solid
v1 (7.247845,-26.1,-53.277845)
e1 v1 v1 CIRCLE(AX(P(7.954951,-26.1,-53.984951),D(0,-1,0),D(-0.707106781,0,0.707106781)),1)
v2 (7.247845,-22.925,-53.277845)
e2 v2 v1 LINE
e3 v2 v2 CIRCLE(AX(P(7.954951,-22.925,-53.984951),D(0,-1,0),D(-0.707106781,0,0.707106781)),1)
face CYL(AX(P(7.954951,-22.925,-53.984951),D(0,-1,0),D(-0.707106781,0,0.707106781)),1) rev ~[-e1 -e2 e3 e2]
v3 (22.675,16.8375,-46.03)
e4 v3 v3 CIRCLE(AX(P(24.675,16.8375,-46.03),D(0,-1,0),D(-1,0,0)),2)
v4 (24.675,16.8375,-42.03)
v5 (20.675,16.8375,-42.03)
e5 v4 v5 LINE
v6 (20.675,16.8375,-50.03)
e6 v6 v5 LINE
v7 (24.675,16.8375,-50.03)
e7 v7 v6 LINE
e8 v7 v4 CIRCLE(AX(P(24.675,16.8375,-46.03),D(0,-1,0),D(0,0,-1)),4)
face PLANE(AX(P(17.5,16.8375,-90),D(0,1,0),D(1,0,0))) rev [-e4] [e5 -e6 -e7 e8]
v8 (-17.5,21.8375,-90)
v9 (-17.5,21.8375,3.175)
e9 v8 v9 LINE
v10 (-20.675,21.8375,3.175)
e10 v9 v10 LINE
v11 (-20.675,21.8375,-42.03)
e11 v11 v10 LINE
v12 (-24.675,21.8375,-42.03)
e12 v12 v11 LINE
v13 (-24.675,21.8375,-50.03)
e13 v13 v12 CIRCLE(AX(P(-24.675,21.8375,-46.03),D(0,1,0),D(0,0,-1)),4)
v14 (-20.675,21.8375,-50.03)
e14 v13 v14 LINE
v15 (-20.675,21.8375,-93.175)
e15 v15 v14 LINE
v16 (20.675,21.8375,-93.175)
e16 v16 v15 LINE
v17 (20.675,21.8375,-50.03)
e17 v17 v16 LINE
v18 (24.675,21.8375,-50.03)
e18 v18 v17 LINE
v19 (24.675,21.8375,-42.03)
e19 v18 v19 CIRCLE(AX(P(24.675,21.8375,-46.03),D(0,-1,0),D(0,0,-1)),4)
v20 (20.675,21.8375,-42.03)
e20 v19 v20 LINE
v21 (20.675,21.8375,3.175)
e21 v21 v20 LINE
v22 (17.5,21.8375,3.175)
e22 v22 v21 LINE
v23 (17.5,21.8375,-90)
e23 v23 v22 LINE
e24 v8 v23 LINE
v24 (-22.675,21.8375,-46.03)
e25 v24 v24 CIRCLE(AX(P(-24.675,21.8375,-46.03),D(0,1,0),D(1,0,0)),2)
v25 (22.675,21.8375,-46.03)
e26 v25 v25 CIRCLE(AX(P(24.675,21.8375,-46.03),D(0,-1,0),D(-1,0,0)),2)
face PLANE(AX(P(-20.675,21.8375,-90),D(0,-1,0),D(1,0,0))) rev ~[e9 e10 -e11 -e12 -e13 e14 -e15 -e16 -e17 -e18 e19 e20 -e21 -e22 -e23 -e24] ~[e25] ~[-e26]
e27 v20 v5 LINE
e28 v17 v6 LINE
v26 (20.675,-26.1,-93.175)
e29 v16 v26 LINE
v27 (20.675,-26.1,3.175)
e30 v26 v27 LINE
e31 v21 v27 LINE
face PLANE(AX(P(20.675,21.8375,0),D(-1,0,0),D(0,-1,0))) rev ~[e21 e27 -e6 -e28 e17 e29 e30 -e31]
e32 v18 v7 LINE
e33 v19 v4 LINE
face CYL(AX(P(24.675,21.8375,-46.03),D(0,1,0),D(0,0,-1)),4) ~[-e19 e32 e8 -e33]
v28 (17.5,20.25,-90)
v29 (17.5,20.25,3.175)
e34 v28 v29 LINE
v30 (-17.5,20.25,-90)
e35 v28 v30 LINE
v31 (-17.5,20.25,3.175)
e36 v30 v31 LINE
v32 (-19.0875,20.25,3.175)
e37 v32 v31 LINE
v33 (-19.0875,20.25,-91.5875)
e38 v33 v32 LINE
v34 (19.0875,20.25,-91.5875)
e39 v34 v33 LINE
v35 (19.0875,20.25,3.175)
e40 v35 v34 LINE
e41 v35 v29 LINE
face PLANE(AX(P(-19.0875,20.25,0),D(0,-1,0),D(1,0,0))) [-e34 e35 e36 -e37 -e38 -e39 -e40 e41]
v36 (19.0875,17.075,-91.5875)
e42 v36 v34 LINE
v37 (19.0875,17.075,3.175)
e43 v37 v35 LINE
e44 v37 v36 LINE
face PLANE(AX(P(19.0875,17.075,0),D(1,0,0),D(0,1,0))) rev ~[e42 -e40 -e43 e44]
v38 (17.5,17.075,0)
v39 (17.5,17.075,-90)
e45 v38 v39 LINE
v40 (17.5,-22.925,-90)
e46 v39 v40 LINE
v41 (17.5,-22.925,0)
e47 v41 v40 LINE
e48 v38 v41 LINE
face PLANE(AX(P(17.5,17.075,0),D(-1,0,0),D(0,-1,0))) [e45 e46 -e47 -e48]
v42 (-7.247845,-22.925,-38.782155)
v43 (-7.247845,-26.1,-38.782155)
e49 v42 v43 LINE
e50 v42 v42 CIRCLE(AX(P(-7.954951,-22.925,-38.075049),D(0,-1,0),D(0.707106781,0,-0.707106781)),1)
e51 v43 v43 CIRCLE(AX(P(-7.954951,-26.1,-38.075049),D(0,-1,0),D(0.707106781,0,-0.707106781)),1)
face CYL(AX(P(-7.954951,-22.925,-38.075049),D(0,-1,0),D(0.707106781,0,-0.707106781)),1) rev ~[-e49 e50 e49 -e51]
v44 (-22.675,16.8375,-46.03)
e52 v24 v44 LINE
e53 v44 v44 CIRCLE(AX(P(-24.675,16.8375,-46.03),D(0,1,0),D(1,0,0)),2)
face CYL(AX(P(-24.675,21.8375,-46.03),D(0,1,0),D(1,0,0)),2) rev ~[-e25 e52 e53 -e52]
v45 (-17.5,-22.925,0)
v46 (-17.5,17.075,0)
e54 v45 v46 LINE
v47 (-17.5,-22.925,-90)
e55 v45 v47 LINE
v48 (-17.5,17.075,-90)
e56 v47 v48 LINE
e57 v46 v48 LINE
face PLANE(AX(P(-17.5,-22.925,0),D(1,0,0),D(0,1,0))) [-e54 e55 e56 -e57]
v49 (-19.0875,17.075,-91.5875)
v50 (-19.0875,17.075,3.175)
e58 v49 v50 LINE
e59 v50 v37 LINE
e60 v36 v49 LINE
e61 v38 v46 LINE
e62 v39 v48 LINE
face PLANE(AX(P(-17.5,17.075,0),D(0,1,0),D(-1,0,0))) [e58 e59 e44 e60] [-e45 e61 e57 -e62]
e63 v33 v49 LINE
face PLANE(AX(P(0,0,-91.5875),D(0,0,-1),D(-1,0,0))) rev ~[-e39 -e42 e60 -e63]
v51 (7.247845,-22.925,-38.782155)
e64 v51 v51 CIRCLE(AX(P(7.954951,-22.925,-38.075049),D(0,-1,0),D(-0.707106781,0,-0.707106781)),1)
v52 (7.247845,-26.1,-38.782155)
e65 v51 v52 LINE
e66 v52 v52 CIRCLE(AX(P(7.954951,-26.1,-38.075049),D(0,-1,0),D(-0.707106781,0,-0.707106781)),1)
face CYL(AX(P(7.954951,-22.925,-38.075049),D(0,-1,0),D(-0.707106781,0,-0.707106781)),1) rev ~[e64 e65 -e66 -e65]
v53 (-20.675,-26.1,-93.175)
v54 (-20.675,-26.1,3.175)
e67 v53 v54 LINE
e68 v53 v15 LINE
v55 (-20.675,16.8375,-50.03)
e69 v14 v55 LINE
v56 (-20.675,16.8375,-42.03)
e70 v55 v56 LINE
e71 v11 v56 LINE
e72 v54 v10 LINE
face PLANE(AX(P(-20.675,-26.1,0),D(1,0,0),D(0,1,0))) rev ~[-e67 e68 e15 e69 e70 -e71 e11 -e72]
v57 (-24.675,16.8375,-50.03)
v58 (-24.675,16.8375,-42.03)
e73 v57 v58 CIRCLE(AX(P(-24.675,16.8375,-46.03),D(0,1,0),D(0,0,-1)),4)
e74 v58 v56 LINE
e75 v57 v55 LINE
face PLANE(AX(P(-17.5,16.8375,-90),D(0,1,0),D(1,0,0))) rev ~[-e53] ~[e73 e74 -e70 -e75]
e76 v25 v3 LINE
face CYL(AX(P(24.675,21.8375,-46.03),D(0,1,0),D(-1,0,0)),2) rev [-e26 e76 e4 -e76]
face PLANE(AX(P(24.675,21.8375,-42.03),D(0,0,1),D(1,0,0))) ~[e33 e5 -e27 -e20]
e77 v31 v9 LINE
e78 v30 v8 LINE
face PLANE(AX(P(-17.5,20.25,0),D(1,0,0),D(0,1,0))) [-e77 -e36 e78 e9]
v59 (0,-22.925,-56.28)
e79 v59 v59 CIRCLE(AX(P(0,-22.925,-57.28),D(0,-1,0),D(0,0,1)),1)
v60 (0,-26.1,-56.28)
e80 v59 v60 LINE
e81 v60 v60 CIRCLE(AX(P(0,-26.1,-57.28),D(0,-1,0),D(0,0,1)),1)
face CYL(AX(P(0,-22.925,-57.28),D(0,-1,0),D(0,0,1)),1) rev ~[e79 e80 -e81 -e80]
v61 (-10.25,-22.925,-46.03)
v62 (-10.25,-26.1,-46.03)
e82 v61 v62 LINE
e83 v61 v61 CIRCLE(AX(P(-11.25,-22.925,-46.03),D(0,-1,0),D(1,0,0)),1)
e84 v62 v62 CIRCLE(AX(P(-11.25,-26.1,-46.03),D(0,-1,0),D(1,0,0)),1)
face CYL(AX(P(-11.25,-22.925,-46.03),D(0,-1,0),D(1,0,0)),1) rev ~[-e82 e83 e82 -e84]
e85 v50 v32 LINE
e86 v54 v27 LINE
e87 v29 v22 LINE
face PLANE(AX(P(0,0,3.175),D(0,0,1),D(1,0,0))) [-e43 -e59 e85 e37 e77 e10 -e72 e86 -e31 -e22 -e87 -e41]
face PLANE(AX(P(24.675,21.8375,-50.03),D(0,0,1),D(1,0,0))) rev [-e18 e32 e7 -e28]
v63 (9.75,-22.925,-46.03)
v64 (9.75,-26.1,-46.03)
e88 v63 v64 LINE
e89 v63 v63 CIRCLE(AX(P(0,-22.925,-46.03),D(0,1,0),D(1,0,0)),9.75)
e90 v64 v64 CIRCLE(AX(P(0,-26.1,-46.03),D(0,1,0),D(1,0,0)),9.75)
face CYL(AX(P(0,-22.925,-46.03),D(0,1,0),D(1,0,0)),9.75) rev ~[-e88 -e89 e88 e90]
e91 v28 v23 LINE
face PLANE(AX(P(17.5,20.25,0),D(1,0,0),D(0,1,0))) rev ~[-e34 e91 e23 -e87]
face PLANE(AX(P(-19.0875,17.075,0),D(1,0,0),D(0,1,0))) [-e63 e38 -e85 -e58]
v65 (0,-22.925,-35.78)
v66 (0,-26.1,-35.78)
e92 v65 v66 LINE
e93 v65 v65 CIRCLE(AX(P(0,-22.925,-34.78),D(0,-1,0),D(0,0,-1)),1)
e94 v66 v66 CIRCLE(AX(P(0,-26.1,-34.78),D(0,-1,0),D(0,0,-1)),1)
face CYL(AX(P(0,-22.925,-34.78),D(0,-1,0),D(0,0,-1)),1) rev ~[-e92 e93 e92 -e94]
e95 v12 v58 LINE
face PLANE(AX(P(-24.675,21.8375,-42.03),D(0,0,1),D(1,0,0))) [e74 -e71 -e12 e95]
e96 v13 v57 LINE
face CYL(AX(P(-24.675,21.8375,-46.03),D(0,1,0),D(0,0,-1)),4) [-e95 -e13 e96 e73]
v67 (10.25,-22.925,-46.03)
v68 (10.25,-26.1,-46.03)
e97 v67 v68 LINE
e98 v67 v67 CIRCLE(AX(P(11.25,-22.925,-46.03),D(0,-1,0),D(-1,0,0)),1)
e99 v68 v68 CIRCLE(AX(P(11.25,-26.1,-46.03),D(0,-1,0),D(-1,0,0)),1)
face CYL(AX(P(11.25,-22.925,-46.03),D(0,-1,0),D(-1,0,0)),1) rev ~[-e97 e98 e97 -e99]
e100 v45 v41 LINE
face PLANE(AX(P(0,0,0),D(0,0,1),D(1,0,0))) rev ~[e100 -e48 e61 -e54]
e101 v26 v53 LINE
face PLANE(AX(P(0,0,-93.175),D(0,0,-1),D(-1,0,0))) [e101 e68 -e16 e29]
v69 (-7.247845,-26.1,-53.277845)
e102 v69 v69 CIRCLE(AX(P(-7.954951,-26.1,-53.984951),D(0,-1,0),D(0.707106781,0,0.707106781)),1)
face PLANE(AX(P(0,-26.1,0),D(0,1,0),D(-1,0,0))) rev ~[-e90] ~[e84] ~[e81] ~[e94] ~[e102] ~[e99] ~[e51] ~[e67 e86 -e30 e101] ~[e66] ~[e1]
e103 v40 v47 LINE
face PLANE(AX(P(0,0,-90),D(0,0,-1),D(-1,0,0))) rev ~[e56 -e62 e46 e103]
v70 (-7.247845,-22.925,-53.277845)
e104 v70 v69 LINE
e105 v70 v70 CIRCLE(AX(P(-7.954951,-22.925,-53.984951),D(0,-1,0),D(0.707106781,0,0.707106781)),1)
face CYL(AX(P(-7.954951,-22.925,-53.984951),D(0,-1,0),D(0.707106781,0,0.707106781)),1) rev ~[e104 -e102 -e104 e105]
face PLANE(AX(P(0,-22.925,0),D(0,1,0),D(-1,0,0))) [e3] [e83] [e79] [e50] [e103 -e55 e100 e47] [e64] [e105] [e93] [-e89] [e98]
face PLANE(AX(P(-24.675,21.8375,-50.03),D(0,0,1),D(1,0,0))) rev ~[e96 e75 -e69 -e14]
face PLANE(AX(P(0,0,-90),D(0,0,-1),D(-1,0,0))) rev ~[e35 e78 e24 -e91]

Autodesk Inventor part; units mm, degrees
ref_plane "YZ Plane" through (0, 0, 0) normal (1, 0, 0) x (0, 1, 0)
sketch "Sketch1" plane through (0, 0, 0) normal (0, 0, 1) x (1, 0, 0)
  circle A0 centre (0, 0) radius 14.925 construction
  line L0 (-5.7359, -22.925) -> (4.2584, -22.925) construction
  line L1 (0, -14.925) -> (3.9694, -14.925) construction
  line L2 (-17.5, 17.075) -> (17.5, 17.075)
  line L3 (17.5, 17.075) -> (17.5, -22.925)
  line L4 (17.5, -22.925) -> (-17.5, -22.925)
  line L5 (-17.5, -22.925) -> (-17.5, 17.075)
  line L6 (0, 31.425) -> (0, -35.6875) projected
  line L7 (20.675, 21.8375) -> (20.675, -26.1)
  line L8 (20.675, -26.1) -> (-20.675, -26.1)
  line L9 (-20.675, -26.1) -> (-20.675, 21.8375)
  line L10 (-17.5, 17.075) -> (-19.0875, 17.075)
  line L11 (-19.0875, 17.075) -> (-19.0875, 20.25)
  line L12 (17.5, 17.075) -> (19.0875, 17.075)
  line L13 (19.0875, 17.075) -> (19.0875, 20.25)
  line L14 (17.5, 20.25) -> (17.5, 21.8375)
  line L15 (-17.5, 20.25) -> (-17.5, 21.8375)
  line L16 (-19.0875, 20.25) -> (-17.5, 20.25)
  line L17 (-17.5, 21.8375) -> (-20.675, 21.8375)
  line L18 (19.0875, 20.25) -> (17.5, 20.25)
  line L19 (17.5, 21.8375) -> (20.675, 21.8375)
  line L20 (-17.5, 21.8375) -> (17.5, 21.8375)
  dimension "d0" = 29.85
  dimension "d1" = 8
  dimension "d2" = 40
  dimension "d3" = 35
  dimension "d5" = 3.175
  dimension "d6" = 3.175
  dimension "d7" = 3.175
  dimension "d10" = 3.175
  dimension "d11" = 1.5875
  dimension "d12" = 1.5875
extrude "Extrusion1" add sketch "Sketch1" against normal blind 90 contours L5 L4 L6 L8 L9 L17 L15 L16 L11 L10 | L12 L13 L18 L14 L19 L7 L8 L6 L4 L3
extrude "Extrusion2" add sketch "Sketch1" along normal blind 3.175 contours L2 L6 L4 L5 | L5 L4 L6 L8 L9 L17 L15 L16 L11 L10 | L2 L3 L4 L6 | L12 L13 L18 L14 L19 L7 L8 L6 L4 L3
sketch "Sketch2" plane through (0, 0, -90) normal (0, 0, -1) x (-1, 0, 0)
  line L0 (19.0875, 17.075) -> (17.5, 17.075) projected
  line L1 (17.5, 17.075) -> (17.5, -22.925) projected
  line L2 (17.5, -22.925) -> (-17.5, -22.925) projected
  line L3 (-17.5, -22.925) -> (-17.5, 17.075) projected
  line L4 (-17.5, 17.075) -> (-19.0875, 17.075) projected
  line L5 (-19.0875, 17.075) -> (-19.0875, 20.25) projected
  line L6 (-19.0875, 20.25) -> (-17.5, 20.25) projected
  line L7 (-17.5, 20.25) -> (-17.5, 21.8375) projected
  line L8 (-17.5, 21.8375) -> (-20.675, 21.8375) projected
  line L9 (-20.675, 21.8375) -> (-20.675, -26.1) projected
  line L10 (-20.675, -26.1) -> (20.675, -26.1) projected
  line L11 (20.675, -26.1) -> (20.675, 21.8375) projected
  line L12 (20.675, 21.8375) -> (17.5, 21.8375) projected
  line L13 (17.5, 21.8375) -> (17.5, 20.25) projected
  line L14 (17.5, 20.25) -> (19.0875, 20.25) projected
  line L15 (19.0875, 20.25) -> (19.0875, 17.075) projected
  line L16 (-17.5, 21.8375) -> (17.5, 21.8375)
  line L17 (-17.5, 20.25) -> (17.5, 20.25)
  line L18 (-17.5, 17.075) -> (17.5, 17.075)
  point P0 (0, 0)
extrude "Extrusion3" add sketch "Sketch2" along normal blind 3.175
extrude "Extrusion4" cut sketch "Sketch2" along normal blind 1.5875 contours L0 L18 L4 L5 L6 L17 L14 L15
sketch "Sketch3" plane through (-17.5, -22.925, 0) normal (0, 1, 0) x (1, 0, 0)
  line L0 (-3.175, 93.175) -> (-3.175, -3.175) projected
  line L1 (38.175, 93.175) -> (-3.175, 93.175) projected
  line L2 (38.175, 93.175) -> (38.175, -3.175) projected
  line L3 (-3.175, -3.175) -> (38.175, -3.175) projected
  line L4 (-3.175, 93.175) -> (-3.175, -3.175) construction
  line L5 (-3.175, 45) -> (38.175, 45) construction
  line L6 (38.175, 93.175) -> (38.175, -3.175) construction
  line L7 (-3.175, -3.175) -> (38.175, -3.175) construction
  line L8 (17.5, -3.175) -> (17.5, 93.175) construction
  line L9 (38.175, 93.175) -> (-3.175, 93.175) construction
  circle A0 centre (17.5, 46.03) radius 9.75
  circle A1 centre (17.5, 46.03) radius 12.75 construction
  line L10 (17.5, 58.78) -> (17.5, 55.78) construction
  line L11 (17.5, 57.28) -> (18.611, 57.28) construction
  point P0 (17.5, 0)
  dimension "d22" = 19.5
  dimension "d23" = 25.5
  dimension "d21" = 1.03
extrude "Extrusion5" cut sketch "Sketch3" against normal up to next contours A0
hole "Hole1" at (0, -22.925, -57.28) direction (0, -1, 0) diameter 2 depth 8 tip angle 118
ref_plane "Work Plane1" through (0, -22.925, 3.175) normal (1, 0, 0) x (0, 0, -1)
ref_plane "Work Plane2" through (-20.675, -22.925, -45) normal (0, 0, -1) x (1, 0, 0)
pattern_circular "Circular Pattern1" count 8 over 360 about axis through (0, -26.1, -46.03) along (0, 1, 0) of "Hole1"
sketch "Sketch4" plane through (-17.5, 21.8375, -90) normal (0, 1, 0) x (1, 0, 0)
  circle A0 centre (25.455, -36.015) radius 1 projected
  circle A1 centre (28.75, -43.97) radius 1 projected
  circle A2 centre (25.455, -51.925) radius 1 projected
  circle A3 centre (17.5, -55.22) radius 1 projected
  circle A4 centre (9.545, -51.925) radius 1 projected
  circle A5 centre (6.25, -43.97) radius 1 projected
  circle A6 centre (9.545, -36.015) radius 1 projected
  circle A7 centre (17.5, -32.72) radius 1 projected
  circle A8 centre (17.5, -43.97) radius 9.75 projected
  line L0 (35, -90) -> (0, -90) projected
  line L1 (35, -90) -> (35, 0) projected
  line L2 (0, 0) -> (35, 0) projected
  line L3 (0, -90) -> (0, 0) projected
  line L4 (0, 0) -> (0, -93.175) projected
  line L5 (0, 0) -> (35, 0) projected
  line L6 (35, 0) -> (35, -93.175) projected
  line L7 (38.175, -93.175) -> (35, -93.175) projected
  line L8 (38.175, 3.175) -> (38.175, -93.175) projected
  line L9 (-3.175, 3.175) -> (38.175, 3.175) projected
  line L10 (-3.175, 3.175) -> (-3.175, -93.175) projected
  line L11 (0, -93.175) -> (-3.175, -93.175) projected
  circle A9 centre (-7.175, -43.97) radius 2
  line L12 (17.5, -43.97) -> (-7.175, -43.97) construction
  arc A10 (-7.175, -39.97) -> (-7.175, -47.97) centre (-7.175, -43.97) ccw
  line L13 (-7.175, -47.97) -> (-3.175, -47.97)
  line L14 (-7.175, -39.97) -> (-3.175, -39.97)
  line L15 (-3.175, 3.175) -> (-3.175, -93.175) projected
  point P0 (17.5, -90)
  dimension "d38" = 4
  dimension "d39" = 4
  dimension "d40" = 2
extrude "Extrusion6" add sketch "Sketch4" against normal blind 5 contours L13 A10 L14 L10
mirror "Mirror1" about plane through (0, 0, 0) normal (1, 0, 0) of "Extrusion6"
equation "\"d5\" = d4"
equation "\"d6\" = d4"
equation "\"d7\" = d4"
equation "\"d12\" = d11"
equation "\"d4\" = 3.175"
properties part number "Lead Box" material "Lead"
